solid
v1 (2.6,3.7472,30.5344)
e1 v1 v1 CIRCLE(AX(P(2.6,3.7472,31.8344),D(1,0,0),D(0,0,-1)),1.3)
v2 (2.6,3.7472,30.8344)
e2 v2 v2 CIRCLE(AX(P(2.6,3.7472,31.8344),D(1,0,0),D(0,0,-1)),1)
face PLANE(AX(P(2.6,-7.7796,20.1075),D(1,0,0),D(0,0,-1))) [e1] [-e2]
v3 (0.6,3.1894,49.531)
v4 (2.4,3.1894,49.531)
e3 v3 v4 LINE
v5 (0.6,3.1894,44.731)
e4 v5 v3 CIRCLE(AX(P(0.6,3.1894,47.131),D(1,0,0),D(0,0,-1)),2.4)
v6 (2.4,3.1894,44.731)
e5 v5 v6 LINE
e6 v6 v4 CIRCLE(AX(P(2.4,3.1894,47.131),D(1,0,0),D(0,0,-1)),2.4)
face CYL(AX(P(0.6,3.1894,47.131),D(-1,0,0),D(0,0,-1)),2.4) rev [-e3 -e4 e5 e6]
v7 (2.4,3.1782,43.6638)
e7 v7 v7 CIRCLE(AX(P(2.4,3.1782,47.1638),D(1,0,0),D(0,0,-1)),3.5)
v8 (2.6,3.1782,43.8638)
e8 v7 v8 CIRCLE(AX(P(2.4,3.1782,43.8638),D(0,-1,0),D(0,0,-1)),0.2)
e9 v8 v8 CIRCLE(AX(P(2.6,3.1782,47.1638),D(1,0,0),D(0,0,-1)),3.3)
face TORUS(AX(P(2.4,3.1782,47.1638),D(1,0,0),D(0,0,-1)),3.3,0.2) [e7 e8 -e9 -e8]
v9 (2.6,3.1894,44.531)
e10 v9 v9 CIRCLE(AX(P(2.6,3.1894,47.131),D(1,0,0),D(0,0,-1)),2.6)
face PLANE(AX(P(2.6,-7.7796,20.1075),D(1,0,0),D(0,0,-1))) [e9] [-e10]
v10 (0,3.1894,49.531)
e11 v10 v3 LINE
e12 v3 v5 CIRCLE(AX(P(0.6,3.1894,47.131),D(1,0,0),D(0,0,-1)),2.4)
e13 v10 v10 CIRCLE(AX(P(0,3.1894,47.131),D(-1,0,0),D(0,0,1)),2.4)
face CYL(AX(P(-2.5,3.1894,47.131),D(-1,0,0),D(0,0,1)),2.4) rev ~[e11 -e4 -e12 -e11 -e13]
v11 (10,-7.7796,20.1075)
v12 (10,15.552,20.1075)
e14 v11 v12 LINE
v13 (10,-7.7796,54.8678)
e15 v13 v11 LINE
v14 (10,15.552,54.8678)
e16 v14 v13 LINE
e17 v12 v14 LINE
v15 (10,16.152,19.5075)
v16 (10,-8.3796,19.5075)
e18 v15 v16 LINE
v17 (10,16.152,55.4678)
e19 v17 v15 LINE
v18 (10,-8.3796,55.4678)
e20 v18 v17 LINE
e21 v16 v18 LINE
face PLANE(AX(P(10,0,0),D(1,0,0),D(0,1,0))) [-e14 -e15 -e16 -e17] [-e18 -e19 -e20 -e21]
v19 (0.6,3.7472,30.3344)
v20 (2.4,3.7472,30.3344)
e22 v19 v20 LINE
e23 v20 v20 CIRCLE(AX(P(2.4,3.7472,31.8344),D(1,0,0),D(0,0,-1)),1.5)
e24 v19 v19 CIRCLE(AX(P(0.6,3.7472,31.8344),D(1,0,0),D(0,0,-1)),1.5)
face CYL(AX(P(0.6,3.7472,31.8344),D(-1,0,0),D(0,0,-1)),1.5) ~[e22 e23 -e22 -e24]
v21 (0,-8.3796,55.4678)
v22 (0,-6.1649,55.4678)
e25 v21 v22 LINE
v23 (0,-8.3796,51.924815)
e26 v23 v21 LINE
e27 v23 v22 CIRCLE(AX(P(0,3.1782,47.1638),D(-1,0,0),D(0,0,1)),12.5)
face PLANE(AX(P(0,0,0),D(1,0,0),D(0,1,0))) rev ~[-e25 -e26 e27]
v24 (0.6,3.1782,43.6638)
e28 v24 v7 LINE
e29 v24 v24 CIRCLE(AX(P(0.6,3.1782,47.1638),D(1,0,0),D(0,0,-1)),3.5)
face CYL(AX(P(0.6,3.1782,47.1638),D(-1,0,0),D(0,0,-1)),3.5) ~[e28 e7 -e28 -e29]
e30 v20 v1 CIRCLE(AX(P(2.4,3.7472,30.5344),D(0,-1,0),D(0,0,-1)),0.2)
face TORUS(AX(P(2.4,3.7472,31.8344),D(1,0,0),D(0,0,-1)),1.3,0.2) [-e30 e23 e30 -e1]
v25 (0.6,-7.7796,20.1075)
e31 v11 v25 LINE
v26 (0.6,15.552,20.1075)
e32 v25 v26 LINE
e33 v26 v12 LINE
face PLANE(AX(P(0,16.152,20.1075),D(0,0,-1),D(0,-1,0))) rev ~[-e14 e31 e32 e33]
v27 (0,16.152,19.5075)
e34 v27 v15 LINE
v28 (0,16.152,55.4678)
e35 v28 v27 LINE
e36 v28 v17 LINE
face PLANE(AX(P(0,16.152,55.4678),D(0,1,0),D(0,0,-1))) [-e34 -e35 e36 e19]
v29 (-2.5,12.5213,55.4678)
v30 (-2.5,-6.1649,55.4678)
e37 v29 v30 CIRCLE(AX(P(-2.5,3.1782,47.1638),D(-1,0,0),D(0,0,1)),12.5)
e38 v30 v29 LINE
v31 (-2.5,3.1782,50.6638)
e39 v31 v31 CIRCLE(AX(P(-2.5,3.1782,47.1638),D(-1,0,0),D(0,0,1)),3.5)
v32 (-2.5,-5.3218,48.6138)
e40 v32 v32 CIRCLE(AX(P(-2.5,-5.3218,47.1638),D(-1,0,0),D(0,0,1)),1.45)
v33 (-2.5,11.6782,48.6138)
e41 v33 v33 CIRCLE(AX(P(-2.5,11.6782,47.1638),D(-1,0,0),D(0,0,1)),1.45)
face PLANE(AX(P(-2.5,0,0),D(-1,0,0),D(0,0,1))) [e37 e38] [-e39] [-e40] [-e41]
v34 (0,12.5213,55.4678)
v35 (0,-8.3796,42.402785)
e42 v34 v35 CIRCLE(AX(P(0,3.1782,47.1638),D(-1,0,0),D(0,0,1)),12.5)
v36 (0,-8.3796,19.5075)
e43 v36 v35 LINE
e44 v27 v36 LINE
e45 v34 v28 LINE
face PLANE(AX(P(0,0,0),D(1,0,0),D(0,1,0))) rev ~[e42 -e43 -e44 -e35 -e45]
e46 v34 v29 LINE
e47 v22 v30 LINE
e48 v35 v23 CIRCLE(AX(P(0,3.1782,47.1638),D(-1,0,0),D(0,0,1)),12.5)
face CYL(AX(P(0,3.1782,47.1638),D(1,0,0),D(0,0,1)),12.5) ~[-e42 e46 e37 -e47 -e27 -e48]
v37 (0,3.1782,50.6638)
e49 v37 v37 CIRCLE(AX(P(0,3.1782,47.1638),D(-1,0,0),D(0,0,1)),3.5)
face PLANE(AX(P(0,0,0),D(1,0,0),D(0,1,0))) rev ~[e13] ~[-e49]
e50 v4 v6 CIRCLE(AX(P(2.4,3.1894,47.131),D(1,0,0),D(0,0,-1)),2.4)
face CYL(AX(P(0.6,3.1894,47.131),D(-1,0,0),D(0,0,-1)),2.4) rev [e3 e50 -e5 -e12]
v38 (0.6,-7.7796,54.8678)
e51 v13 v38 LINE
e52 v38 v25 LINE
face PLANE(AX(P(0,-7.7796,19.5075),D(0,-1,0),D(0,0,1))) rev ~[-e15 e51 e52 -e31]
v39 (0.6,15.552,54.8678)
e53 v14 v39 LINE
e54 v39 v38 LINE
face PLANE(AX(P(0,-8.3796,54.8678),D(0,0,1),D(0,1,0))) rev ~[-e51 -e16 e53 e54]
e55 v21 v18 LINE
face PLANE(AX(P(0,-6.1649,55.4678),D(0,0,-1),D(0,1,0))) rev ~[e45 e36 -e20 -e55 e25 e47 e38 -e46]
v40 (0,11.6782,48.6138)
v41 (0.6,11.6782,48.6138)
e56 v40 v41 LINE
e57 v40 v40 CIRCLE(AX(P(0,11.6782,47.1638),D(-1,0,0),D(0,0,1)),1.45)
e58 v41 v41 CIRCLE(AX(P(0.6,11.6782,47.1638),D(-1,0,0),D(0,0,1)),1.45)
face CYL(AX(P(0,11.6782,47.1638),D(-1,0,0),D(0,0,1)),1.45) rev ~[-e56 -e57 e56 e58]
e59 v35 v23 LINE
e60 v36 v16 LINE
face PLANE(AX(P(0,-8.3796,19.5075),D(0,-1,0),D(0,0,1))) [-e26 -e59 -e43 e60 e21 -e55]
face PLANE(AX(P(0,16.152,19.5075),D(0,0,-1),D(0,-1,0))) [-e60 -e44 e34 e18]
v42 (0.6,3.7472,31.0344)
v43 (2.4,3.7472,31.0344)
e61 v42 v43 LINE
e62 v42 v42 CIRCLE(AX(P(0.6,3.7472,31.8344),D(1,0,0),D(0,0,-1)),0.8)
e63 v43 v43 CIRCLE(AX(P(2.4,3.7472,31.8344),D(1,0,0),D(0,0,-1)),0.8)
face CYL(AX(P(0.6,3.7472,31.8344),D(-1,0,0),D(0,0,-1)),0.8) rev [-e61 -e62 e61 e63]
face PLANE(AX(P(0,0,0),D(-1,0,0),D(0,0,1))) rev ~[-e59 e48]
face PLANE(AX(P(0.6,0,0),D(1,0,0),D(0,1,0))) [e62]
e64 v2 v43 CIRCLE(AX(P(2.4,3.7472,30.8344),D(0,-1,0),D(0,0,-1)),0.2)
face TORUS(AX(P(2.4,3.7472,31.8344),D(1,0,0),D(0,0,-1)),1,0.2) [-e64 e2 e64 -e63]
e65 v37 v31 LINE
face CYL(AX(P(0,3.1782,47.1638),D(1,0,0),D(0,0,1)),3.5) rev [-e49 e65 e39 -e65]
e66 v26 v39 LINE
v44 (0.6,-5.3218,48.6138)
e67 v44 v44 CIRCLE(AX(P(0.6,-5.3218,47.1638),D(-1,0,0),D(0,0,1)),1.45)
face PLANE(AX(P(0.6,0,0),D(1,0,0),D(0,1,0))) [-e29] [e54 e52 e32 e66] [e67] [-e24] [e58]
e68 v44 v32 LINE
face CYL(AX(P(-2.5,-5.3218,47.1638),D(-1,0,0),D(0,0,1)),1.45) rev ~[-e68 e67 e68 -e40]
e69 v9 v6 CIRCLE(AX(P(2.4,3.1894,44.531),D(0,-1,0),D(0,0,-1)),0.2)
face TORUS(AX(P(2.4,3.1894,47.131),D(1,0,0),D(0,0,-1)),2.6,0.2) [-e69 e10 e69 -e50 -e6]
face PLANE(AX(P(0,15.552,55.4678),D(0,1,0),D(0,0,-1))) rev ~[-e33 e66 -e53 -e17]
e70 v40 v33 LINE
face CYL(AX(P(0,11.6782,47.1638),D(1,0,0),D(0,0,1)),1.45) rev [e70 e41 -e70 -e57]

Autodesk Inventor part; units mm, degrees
ref_plane "YZ Plane" through (0, 0, 0) normal (1, 0, 0) x (0, 1, 0)
ref_plane "XZ Plane" through (0, 0, 0) normal (0, 1, 0) x (-1, 0, 0)
ref_plane "XY Plane" through (0, 0, 0) normal (0, 0, 1) x (1, 0, 0)
sketch "Sketch1" plane through (0, 0, 0) normal (1, 0, 0) x (0, 1, 0)
  circle A0 centre (3.7472, 31.8344) radius 0.7 projected
  arc A1 (6.295, 21.1336) -> (6.4355, 23.5076) centre (-1.824, 22.8051) ccw projected
  arc A2 (5.4476, 20.9667) -> (6.295, 21.1336) centre (3.7472, 31.8344) ccw projected
  arc A3 (4.4173, 23.1101) -> (5.4476, 20.9667) centre (12.3263, 25.5922) ccw projected
  arc A4 (3.7308, 23.0845) -> (4.4173, 23.1101) centre (3.7472, 31.8344) ccw projected
  arc A5 (2.8636, 20.87) -> (3.7308, 23.0845) centre (-4.3415, 24.9686) ccw projected
  arc A6 (2.006, 20.9731) -> (2.8636, 20.87) centre (3.7472, 31.8344) ccw projected
  arc A7 (1.6886, 23.33) -> (2.006, 20.9731) centre (9.9774, 23.2466) ccw projected
  arc A8 (1.0277, 23.5178) -> (1.6886, 23.33) centre (3.7472, 31.8344) ccw projected
  arc A9 (-0.4814, 21.6797) -> (1.0277, 23.5178) centre (-6.0673, 27.8042) ccw projected
  arc A10 (-1.2651, 22.0427) -> (-0.4814, 21.6797) centre (3.7472, 31.8344) ccw projected
  arc A11 (-0.8387, 24.3824) -> (-1.2651, 22.0427) centre (7.0187, 21.7417) ccw projected
  arc A12 (-1.4092, 24.7652) -> (-0.8387, 24.3824) centre (3.7472, 31.8344) ccw projected
  arc A13 (-3.4124, 23.4834) -> (-1.4092, 24.7652) centre (-6.8324, 31.0342) ccw projected
  arc A14 (-4.0456, 24.0709) -> (-3.4124, 23.4834) centre (3.7472, 31.8344) ccw projected
  arc A15 (-2.917, 26.1642) -> (-4.0456, 24.0709) centre (3.7397, 21.2247) ccw projected
  arc A16 (-3.3414, 26.7046) -> (-2.917, 26.1642) centre (3.7472, 31.8344) ccw projected
  arc A17 (-5.6426, 26.1045) -> (-3.3414, 26.7046) centre (-6.5618, 34.3427) ccw projected
  arc A18 (-6.0632, 26.8589) -> (-5.6426, 26.1045) centre (3.7472, 31.8344) ccw projected
  arc A19 (-4.343, 28.5011) -> (-6.0632, 26.8589) centre (0.4615, 21.7463) ccw projected
  arc A20 (-4.5796, 29.1461) -> (-4.343, 28.5011) centre (3.7472, 31.8344) ccw projected
  arc A21 (-6.9537, 29.2866) -> (-4.5796, 29.1461) centre (-5.2822, 37.4056) ccw projected
  arc A22 (-7.1206, 30.134) -> (-6.9537, 29.2866) centre (3.7472, 31.8344) ccw projected
  arc A23 (-4.9771, 31.1643) -> (-7.1206, 30.134) centre (-2.4951, 23.2553) ccw projected
  arc A24 (-5.0028, 31.8508) -> (-4.9771, 31.1643) centre (3.7472, 31.8344) ccw projected
  arc A25 (-7.2173, 32.718) -> (-5.0028, 31.8508) centre (-3.1187, 39.9231) ccw projected
  arc A26 (-7.1142, 33.5756) -> (-7.2173, 32.718) centre (3.7472, 31.8344) ccw projected
  arc A27 (-4.7572, 33.893) -> (-7.1142, 33.5756) centre (-4.8407, 25.6042) ccw projected
  arc A28 (-4.5695, 34.5539) -> (-4.7572, 33.893) centre (3.7472, 31.8344) ccw projected
  arc A29 (-6.4076, 36.063) -> (-4.5695, 34.5539) centre (-0.2831, 41.6489) ccw projected
  arc A30 (-6.0445, 36.8467) -> (-6.4076, 36.063) centre (3.7472, 31.8344) ccw projected
  arc A31 (-3.7048, 36.4203) -> (-6.0445, 36.8467) centre (-6.3456, 28.5629) ccw projected
  arc A32 (-3.3221, 36.9908) -> (-3.7048, 36.4203) centre (3.7472, 31.8344) ccw projected
  arc A33 (-4.6039, 38.994) -> (-3.3221, 36.9908) centre (2.947, 42.414) ccw projected
  arc A34 (-4.0164, 39.6272) -> (-4.6039, 38.994) centre (3.7472, 31.8344) ccw projected
  arc A35 (-1.923, 38.4986) -> (-4.0164, 39.6272) centre (-6.8626, 31.8419) ccw projected
  arc A36 (-1.3827, 38.923) -> (-1.923, 38.4986) centre (3.7472, 31.8344) ccw projected
  arc A37 (-1.9827, 41.2242) -> (-1.3827, 38.923) centre (6.2554, 42.1434) ccw projected
  arc A38 (-1.2283, 41.6448) -> (-1.9827, 41.2242) centre (3.7472, 31.8344) ccw projected
  arc A39 (0.4139, 39.9246) -> (-1.2283, 41.6448) centre (-6.341, 35.1201) ccw projected
  arc A40 (1.0589, 40.1612) -> (0.4139, 39.9246) centre (3.7472, 31.8344) ccw projected
  arc A41 (1.1993, 42.5353) -> (1.0589, 40.1612) centre (9.3183, 40.8638) ccw projected
  arc A42 (2.0468, 42.7022) -> (1.1993, 42.5353) centre (3.7472, 31.8344) ccw projected
  arc A43 (3.077, 40.5587) -> (2.0468, 42.7022) centre (-4.8319, 38.0767) ccw projected
  arc A44 (3.7636, 40.5844) -> (3.077, 40.5587) centre (3.7472, 31.8344) ccw projected
  arc A45 (4.6308, 42.7989) -> (3.7636, 40.5844) centre (11.8359, 38.7003) ccw projected
  arc A46 (5.4883, 42.6958) -> (4.6308, 42.7989) centre (3.7472, 31.8344) ccw projected
  arc A47 (5.8058, 40.3388) -> (5.4883, 42.6958) centre (-2.4831, 40.4223) ccw projected
  arc A48 (6.4667, 40.1511) -> (5.8058, 40.3388) centre (3.7472, 31.8344) ccw projected
  arc A49 (7.9757, 41.9892) -> (6.4667, 40.1511) centre (13.5616, 35.8647) ccw projected
  arc A50 (8.7594, 41.6261) -> (7.9757, 41.9892) centre (3.7472, 31.8344) ccw projected
  arc A51 (8.333, 39.2865) -> (8.7594, 41.6261) centre (0.4756, 41.9272) ccw projected
  arc A52 (8.9036, 38.9037) -> (8.333, 39.2865) centre (3.7472, 31.8344) ccw projected
  arc A53 (10.9068, 40.1855) -> (8.9036, 38.9037) centre (14.3267, 32.6346) ccw projected
  arc A54 (11.5399, 39.598) -> (10.9068, 40.1855) centre (3.7472, 31.8344) ccw projected
  arc A55 (10.4114, 37.5046) -> (11.5399, 39.598) centre (3.7546, 42.4442) ccw projected
  arc A56 (10.8357, 36.9643) -> (10.4114, 37.5046) centre (3.7472, 31.8344) ccw projected
  arc A57 (13.137, 37.5643) -> (10.8357, 36.9643) centre (14.0562, 29.3262) ccw projected
  arc A58 (13.5576, 36.81) -> (13.137, 37.5643) centre (3.7472, 31.8344) ccw projected
  arc A59 (11.8374, 35.1678) -> (13.5576, 36.81) centre (7.0328, 41.9226) ccw projected
  arc A60 (12.074, 34.5227) -> (11.8374, 35.1678) centre (3.7472, 31.8344) ccw projected
  arc A61 (14.448, 34.3823) -> (12.074, 34.5227) centre (12.7765, 26.2633) ccw projected
  arc A62 (14.615, 33.5348) -> (14.448, 34.3823) centre (3.7472, 31.8344) ccw projected
  arc A63 (12.4715, 32.5046) -> (14.615, 33.5348) centre (9.9894, 40.4135) ccw projected
  arc A64 (12.4972, 31.818) -> (12.4715, 32.5046) centre (3.7472, 31.8344) ccw projected
  arc A65 (14.7116, 30.9508) -> (12.4972, 31.818) centre (10.613, 23.7458) ccw projected
  arc A66 (14.6085, 30.0933) -> (14.7116, 30.9508) centre (3.7472, 31.8344) ccw projected
  arc A67 (12.2516, 29.7758) -> (14.6085, 30.0933) centre (12.335, 38.0647) ccw projected
  arc A68 (12.0638, 29.1149) -> (12.2516, 29.7758) centre (3.7472, 31.8344) ccw projected
  arc A69 (13.9019, 27.6059) -> (12.0638, 29.1149) centre (7.7775, 22.02) ccw projected
  arc A70 (13.5389, 26.8222) -> (13.9019, 27.6059) centre (3.7472, 31.8344) ccw projected
  arc A71 (11.1992, 27.2486) -> (13.5389, 26.8222) centre (13.8399, 35.106) ccw projected
  arc A72 (10.8164, 26.6781) -> (11.1992, 27.2486) centre (3.7472, 31.8344) ccw projected
  arc A73 (12.0982, 24.6748) -> (10.8164, 26.6781) centre (4.5474, 21.2549) ccw projected
  arc A74 (11.5108, 24.0417) -> (12.0982, 24.6748) centre (3.7472, 31.8344) ccw projected
  arc A75 (9.4174, 25.1702) -> (11.5108, 24.0417) centre (14.3569, 31.827) ccw projected
  arc A76 (8.877, 24.7459) -> (9.4174, 25.1702) centre (3.7472, 31.8344) ccw projected
  arc A77 (9.4771, 22.4446) -> (8.877, 24.7459) centre (1.2389, 21.5254) ccw projected
  arc A78 (8.7227, 22.024) -> (9.4771, 22.4446) centre (3.7472, 31.8344) ccw projected
  arc A79 (7.0805, 23.7442) -> (8.7227, 22.024) centre (13.8353, 28.5488) ccw projected
  arc A80 (6.4355, 23.5076) -> (7.0805, 23.7442) centre (3.7472, 31.8344) ccw projected
  line L0 (4.9954, 45.8746) -> (4.8965, 48.5188) projected
  arc A81 (4.8965, 48.5188) -> (4.9954, 45.8746) centre (3.1894, 47.131) ccw projected
  arc A82 (-0.8751, 51.5446) -> (0.2488, 49.4581) centre (4.3942, 53.0372) ccw projected
  arc A83 (-0.1346, 52.1261) -> (-0.8751, 51.5446) centre (3.1894, 47.131) ccw projected
  arc A84 (1.6258, 50.5395) -> (-0.1346, 52.1261) centre (-2.834, 47.3609) ccw projected
  arc A85 (2.1783, 50.7421) -> (1.6258, 50.5395) centre (3.1894, 47.131) ccw projected
  arc A86 (2.4954, 53.0907) -> (2.1783, 50.7421) centre (7.6357, 51.201) ccw projected
  arc A87 (3.4362, 53.1259) -> (2.4954, 53.0907) centre (3.1894, 47.131) ccw projected
  arc A88 (3.9279, 50.8076) -> (3.4362, 53.1259) centre (-1.5485, 50.8574) ccw projected
  arc A89 (4.4939, 50.6468) -> (3.9279, 50.8076) centre (3.1894, 47.131) ccw projected
  arc A90 (6.131, 52.3605) -> (4.4939, 50.6468) centre (9.1788, 47.8103) ccw projected
  arc A91 (6.9128, 51.8359) -> (6.131, 52.3605) centre (3.1894, 47.131) ccw projected
  arc A92 (5.9479, 49.6713) -> (6.9128, 51.8359) centre (1.5467, 52.9306) ccw projected
  arc A93 (6.3113, 49.2085) -> (5.9479, 49.6713) centre (3.1894, 47.131) ccw projected
  arc A94 (8.643, 49.6327) -> (6.3113, 49.2085) centre (8.4342, 44.1601) ccw projected
  arc A95 (8.9672, 48.7488) -> (8.643, 49.6327) centre (3.1894, 47.131) ccw projected
  arc A96 (6.9142, 47.5648) -> (8.9672, 48.7488) centre (5.2694, 52.7886) ccw projected
  arc A97 (6.9362, 46.9768) -> (6.9142, 47.5648) centre (3.1894, 47.131) ccw projected
  arc A98 (9.0719, 45.9494) -> (6.9362, 46.9768) centre (5.6863, 41.6447) ccw projected
  arc A99 (8.8147, 45.0438) -> (9.0719, 45.9494) centre (3.1894, 47.131) ccw projected
  arc A100 (6.4578, 45.2925) -> (8.8147, 45.0438) centre (8.1976, 50.4855) ccw projected
  arc A101 (6.13, 44.8039) -> (6.4578, 45.2925) centre (3.1894, 47.131) ccw projected
  arc A102 (7.254, 42.7174) -> (6.13, 44.8039) centre (1.9846, 41.2248) ccw projected
  arc A103 (6.5135, 42.1359) -> (7.254, 42.7174) centre (3.1894, 47.131) ccw projected
  arc A104 (4.753, 43.7225) -> (6.5135, 42.1359) centre (9.2128, 46.9012) ccw projected
  arc A105 (4.2006, 43.5199) -> (4.753, 43.7225) centre (3.1894, 47.131) ccw projected
  arc A106 (3.8835, 41.1713) -> (4.2006, 43.5199) centre (-1.2568, 43.061) ccw projected
  arc A107 (2.9426, 41.1361) -> (3.8835, 41.1713) centre (3.1894, 47.131) ccw projected
  arc A108 (2.4509, 43.4544) -> (2.9426, 41.1361) centre (7.9274, 43.4046) ccw projected
  arc A109 (1.8849, 43.6152) -> (2.4509, 43.4544) centre (3.1894, 47.131) ccw projected
  arc A110 (0.2479, 41.9015) -> (1.8849, 43.6152) centre (-2.8, 46.4517) ccw projected
  arc A111 (-0.534, 42.4261) -> (0.2479, 41.9015) centre (3.1894, 47.131) ccw projected
  arc A112 (0.4309, 44.5907) -> (-0.534, 42.4261) centre (4.8322, 41.3314) ccw projected
  arc A113 (0.0675, 45.0535) -> (0.4309, 44.5907) centre (3.1894, 47.131) ccw projected
  arc A114 (-2.2641, 44.6293) -> (0.0675, 45.0535) centre (-2.0554, 50.1019) ccw projected
  arc A115 (-2.5884, 45.5132) -> (-2.2641, 44.6293) centre (3.1894, 47.131) ccw projected
  arc A116 (-0.5354, 46.6972) -> (-2.5884, 45.5132) centre (1.1095, 41.4734) ccw projected
  arc A117 (-0.5574, 47.2852) -> (-0.5354, 46.6972) centre (3.1894, 47.131) ccw projected
  arc A118 (-2.6931, 48.3126) -> (-0.5574, 47.2852) centre (0.6926, 52.6173) ccw projected
  arc A119 (-2.4358, 49.2183) -> (-2.6931, 48.3126) centre (3.1894, 47.131) ccw projected
  arc A120 (-0.079, 48.9695) -> (-2.4358, 49.2183) centre (-1.8187, 43.7765) ccw projected
  arc A121 (0.2488, 49.4581) -> (-0.079, 48.9695) centre (3.1894, 47.131) ccw projected
  line L1 (16.152, 19.5075) -> (-8.3796, 19.5075)
  line L2 (-8.3796, 19.5075) -> (-8.3796, 55.4678)
  line L3 (-8.3796, 55.4678) -> (16.152, 55.4678)
  line L4 (16.152, 55.4678) -> (16.152, 19.5075)
  point P0 (0, 0)
extrude "Extrusion1" add sketch "Sketch1" along normal blind 10 contours A0 | A2 A3 A4 A5 A6 A7 A8 A9 A10 A11 A12 A13 A14 A15 A16 A17 A18 A19 A20 A21 A22 A23 A24 A25 A26 A27 A28 A29 A30 A31 A32 A33 A34 A35 A36 A37 A38 A39 A40 A41 A42 A43 A44 A45 A46 A47 A48 A49 A50 A51 A52 A53 A54 A55 A56 A57 A58 A59 A60 A61 A62 A63 A64 A65 A66 A67 A68 A69 A70 A71 A72 A73 A74 A75 A76 A77 A78 A79 A80 A1 | A81 L0 | A83 A84 A85 A86 A87 A88 A89 A90 A91 A92 A93 A94 A95 A96 A97 A98 A99 A100 A101 A102 A103 A104 A105 A106 A107 A108 A109 A110 A111 A112 A113 A114 A115 A116 A117 A118 A119 A120 A121 A82 | L1 L2 L3 L4
shell "Shell1" thickness 0.6 removed faces 1 at (10, -0.2024, 43.481)
sketch "Sketch3" plane through (0.6, -7.7796, 20.1075) normal (1, 0, 0) x (0, 0, -1)
  circle A0 centre (-11.7269, 11.5268) radius 0.8
  circle A1 centre (-27.0563, 10.9578) radius 3.5 projected
  circle A2 centre (-11.7269, 11.5268) radius 1.5
  circle A3 centre (-27.0235, 10.969) radius 2.4
  point P0 (20.1075, 7.7796)
  dimension "d3" = 3
  dimension "d19" = 4.8
  dimension "d20" = 1.6
extrude "Extrusion3" add sketch "Sketch3" along normal blind 2
fillet "Fillet1" radius 0.2 4 edges at (2.6, 3.1894, 49.531) (2.6, 3.1782, 50.6638) (2.6, 3.7472, 32.6344) (2.6, 3.7472, 33.3344)
sketch "Sketch4" plane through (0, 0, 0) normal (-1, 0, 0) x (0, 0, 1)
  circle A0 centre (47.1638, -5.3218) radius 1.45
  circle A1 centre (47.1638, 11.6782) radius 1.45
  point P0 (0, 0)
  dimension "d13" = 2.9
  dimension "d14" = 2.9
extrude "Extrusion4" cut sketch "Sketch4" against normal through all
sketch "Sketch5" plane through (0, 0, 0) normal (-1, 0, 0) x (0, 0, 1)
  circle A0 centre (47.1638, 3.1782) radius 3.5
  circle A1 centre (47.1638, 3.1782) radius 12.5
  circle A2 centre (47.1638, 11.6782) radius 1.45 projected
  circle A3 centre (47.1638, -5.3218) radius 1.25
  line L0 (55.4678, -8.3796) -> (55.4678, 16.152) projected
  line L1 (55.4678, -6.1649) -> (55.4678, 12.5213)
  point P0 (0, 0)
extrude "Extrusion5" add sketch "Sketch5" along normal blind 2.5 contours L0 A1 picked at (53.8665, 3.1782)
sketch "Sketch7" plane through (-2.5, 0, 0) normal (-1, 0, 0) x (0, 0, 1)
  circle A0 centre (47.1638, 3.1782) radius 3.5 projected
  circle A1 centre (47.131, 3.1894) radius 2.4 projected
  point P0 (0, 0)
extrude "Extrusion7" cut sketch "Sketch7" against normal through all contours A1
sketch "Sketch8" plane through (-2.5, 0, 0) normal (-1, 0, 0) x (0, 0, 1)
  circle A0 centre (47.1638, -5.3218) radius 1.45 projected
  point P0 (0, 0)
extrude "Extrusion8" cut sketch "Sketch8" against normal through all
properties part number "GearHolder"
